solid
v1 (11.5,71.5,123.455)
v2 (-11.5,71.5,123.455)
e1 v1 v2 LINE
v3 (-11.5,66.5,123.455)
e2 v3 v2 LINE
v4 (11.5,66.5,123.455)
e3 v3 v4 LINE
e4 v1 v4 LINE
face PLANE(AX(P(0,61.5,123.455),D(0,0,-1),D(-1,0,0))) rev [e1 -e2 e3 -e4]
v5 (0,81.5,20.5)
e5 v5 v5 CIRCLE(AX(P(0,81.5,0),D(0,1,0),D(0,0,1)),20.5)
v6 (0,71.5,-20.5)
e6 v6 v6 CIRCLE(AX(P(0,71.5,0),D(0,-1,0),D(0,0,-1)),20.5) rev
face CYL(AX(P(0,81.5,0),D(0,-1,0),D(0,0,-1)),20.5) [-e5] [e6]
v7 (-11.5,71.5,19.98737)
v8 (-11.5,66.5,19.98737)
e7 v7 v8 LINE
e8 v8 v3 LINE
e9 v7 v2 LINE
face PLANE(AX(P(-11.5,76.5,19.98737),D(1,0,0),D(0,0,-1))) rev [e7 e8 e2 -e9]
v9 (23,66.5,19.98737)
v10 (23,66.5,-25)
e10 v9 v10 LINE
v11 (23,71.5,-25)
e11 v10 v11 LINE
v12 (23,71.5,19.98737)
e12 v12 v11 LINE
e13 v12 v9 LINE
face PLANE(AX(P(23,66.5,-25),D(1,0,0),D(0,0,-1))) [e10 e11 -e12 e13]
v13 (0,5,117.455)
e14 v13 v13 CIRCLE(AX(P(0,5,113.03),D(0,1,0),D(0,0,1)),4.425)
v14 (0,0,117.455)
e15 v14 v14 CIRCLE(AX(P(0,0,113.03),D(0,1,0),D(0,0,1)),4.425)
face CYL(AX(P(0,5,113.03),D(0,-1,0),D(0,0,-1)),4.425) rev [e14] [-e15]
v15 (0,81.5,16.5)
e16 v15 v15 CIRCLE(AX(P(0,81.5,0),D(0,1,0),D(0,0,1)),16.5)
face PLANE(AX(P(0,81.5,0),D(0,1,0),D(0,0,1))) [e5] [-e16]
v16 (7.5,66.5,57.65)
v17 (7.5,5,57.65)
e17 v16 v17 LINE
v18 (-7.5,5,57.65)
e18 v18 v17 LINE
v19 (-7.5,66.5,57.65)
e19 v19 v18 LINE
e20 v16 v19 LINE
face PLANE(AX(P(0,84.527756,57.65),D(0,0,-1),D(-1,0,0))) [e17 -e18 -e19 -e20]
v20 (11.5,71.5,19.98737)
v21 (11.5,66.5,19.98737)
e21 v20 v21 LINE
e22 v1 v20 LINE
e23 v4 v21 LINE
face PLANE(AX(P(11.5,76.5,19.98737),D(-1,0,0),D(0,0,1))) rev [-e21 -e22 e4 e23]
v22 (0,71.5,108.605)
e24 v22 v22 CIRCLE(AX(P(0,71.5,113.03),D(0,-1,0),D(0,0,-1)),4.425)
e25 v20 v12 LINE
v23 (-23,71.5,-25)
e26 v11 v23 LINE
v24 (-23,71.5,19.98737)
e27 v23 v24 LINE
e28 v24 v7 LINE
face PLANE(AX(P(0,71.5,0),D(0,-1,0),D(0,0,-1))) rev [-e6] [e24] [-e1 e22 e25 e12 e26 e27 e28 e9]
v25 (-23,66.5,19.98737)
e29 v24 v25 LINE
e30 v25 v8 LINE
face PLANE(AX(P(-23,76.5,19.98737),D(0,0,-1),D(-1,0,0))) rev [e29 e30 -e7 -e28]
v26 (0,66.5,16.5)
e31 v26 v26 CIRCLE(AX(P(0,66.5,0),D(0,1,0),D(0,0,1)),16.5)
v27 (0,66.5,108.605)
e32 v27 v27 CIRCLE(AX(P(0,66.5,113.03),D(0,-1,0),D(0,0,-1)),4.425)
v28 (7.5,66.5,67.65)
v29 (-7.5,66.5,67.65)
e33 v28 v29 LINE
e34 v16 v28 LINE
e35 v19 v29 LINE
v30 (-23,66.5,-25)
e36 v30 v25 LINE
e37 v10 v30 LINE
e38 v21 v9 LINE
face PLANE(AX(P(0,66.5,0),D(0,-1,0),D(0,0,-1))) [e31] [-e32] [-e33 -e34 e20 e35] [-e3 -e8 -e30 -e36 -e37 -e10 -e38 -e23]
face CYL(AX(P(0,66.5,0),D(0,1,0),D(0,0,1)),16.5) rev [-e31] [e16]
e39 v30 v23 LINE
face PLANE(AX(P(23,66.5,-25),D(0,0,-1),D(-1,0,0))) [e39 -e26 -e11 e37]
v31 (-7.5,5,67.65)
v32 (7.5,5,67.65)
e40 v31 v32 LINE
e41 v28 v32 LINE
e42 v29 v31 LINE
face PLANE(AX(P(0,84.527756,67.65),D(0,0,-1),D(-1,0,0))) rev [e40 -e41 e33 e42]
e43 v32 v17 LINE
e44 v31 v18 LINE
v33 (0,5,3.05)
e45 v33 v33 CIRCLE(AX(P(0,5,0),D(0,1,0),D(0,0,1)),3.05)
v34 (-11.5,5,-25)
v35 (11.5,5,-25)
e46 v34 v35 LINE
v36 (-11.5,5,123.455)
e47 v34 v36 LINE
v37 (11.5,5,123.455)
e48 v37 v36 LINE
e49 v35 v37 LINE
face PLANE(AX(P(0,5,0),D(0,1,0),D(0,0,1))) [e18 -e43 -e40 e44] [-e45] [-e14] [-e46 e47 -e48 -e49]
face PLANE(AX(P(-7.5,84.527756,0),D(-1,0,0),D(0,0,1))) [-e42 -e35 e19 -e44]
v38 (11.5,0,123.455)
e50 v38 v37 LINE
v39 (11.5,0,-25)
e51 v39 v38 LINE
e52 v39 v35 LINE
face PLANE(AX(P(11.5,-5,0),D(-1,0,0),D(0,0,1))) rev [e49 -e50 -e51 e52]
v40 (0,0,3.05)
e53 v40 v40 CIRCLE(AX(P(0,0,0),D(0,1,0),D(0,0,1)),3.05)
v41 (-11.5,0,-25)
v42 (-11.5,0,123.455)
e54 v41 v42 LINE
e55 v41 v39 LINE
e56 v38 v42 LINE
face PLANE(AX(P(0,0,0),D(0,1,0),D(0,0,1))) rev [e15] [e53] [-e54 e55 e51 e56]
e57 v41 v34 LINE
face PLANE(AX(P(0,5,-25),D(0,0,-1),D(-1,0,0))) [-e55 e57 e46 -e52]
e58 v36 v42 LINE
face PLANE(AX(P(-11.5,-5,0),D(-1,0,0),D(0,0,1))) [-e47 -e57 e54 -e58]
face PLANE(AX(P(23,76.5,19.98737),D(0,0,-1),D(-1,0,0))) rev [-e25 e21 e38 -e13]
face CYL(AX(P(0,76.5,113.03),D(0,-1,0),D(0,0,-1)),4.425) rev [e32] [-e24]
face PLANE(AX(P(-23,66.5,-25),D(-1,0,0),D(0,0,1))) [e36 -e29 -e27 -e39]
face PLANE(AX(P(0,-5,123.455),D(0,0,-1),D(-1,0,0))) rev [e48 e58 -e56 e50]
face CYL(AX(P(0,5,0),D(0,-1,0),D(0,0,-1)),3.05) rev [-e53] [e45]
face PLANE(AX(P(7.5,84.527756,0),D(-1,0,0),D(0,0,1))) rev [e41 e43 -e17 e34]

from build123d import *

# Parameters (mm, degrees)
SKETCH1_W           = 46
SKETCH1_H           = 160
SKETCH1_R           = 3.05
SKETCH1_R_2         = 4.425
BOSS_EXTRUDE2_DEPTH = 5
SKETCH4_W           = 46
SKETCH4_H           = 160
BOSS_EXTRUDE3_DEPTH = 5
SKETCH5_R           = 16.5
CUT_EXTRUDE2_DEPTH  = 5
SKETCH5_6_R         = 20.5
SKETCH5_6_R_2       = 16.5
BOSS_EXTRUDE5_DEPTH = 10
BOSS_EXTRUDE7_DEPTH = 61.5
SKETCH8_W           = 11.5
SKETCH8_H           = 67.35
SKETCH8_H_2         = 92.65
CUT_EXTRUDE3_DEPTH  = 10
SKETCH10_W          = 11.5
SKETCH10_H          = 115.012630191
CUT_EXTRUDE5_DEPTH  = 10
SKETCH11_R          = 4.425
CUT_EXTRUDE6_DEPTH  = 10
SKETCH12_W          = 11.5
SKETCH12_H          = 11.545
CUT_EXTRUDE7_DEPTH  = 10
SKETCH13_W          = 11.5
SKETCH13_H          = 11.545
CUT_EXTRUDE8_DEPTH  = 10


with BuildPart() as part:
    # Sketch1 → Boss-Extrude2 (new body)
    with BuildSketch(Plane(origin=(0, 0, 0), x_dir=(1, 0, 0), z_dir=(0, 1, 0))):
        with Locations((0, -55)):
            Rectangle(SKETCH1_W, SKETCH1_H)
        with Locations(Location((0, 0, 0), (0, 0, 270))):
            Circle(SKETCH1_R, mode=Mode.SUBTRACT)
        with Locations(Location((0, -113.03, 0), (0, 0, 270))):
            Circle(SKETCH1_R_2, mode=Mode.SUBTRACT)
    extrude(amount=BOSS_EXTRUDE2_DEPTH)



with BuildPart() as body_2:
    # Sketch4 → Boss-Extrude3 (new body)
    with BuildSketch(Plane(origin=(0, 71.5, 0), x_dir=(1, 0, 0), z_dir=(0, 1, 0))):
        with Locations((0, -55)):
            Rectangle(SKETCH4_W, SKETCH4_H)
    extrude(amount=-BOSS_EXTRUDE3_DEPTH)

    # Sketch5 → Cut-Extrude2 (cut)
    with BuildSketch(Plane(origin=(0, 71.5, 0), x_dir=(1, 0, 0), z_dir=(0, 1, 0))):
        with Locations(Location((0, 0, 0), (0, 0, 270))):
            Circle(SKETCH5_R)
    extrude(amount=-CUT_EXTRUDE2_DEPTH, mode=Mode.SUBTRACT)

    # Sketch5<6> → Boss-Extrude5 (add)
    with BuildSketch(Plane(origin=(0, 71.5, 0), x_dir=(1, 0, 0), z_dir=(0, 1, 0))):
        with Locations(Location((0, 0, 0), (0, 0, 90))):
            Circle(SKETCH5_6_R)
        with Locations(Location((0, 0, 0), (0, 0, 270))):
            Circle(SKETCH5_6_R_2, mode=Mode.SUBTRACT)
    extrude(amount=BOSS_EXTRUDE5_DEPTH)


with BuildPart() as part_1:
    add(part.part)

    add(body_2.part)  # Boss-Extrude7 merges body 2
    # Sketch7 → Boss-Extrude7 (add)
    with BuildSketch(Plane(origin=(0, 5, 0), x_dir=(1, 0, 0), z_dir=(0, 1, 0))):
        with BuildLine():
            Line((7.5, -57.65), (-7.5, -57.65))
            Line((-7.5, -57.65), (-7.5, -62.65))
            Line((-7.5, -62.65), (-3, -62.65))
            ThreePointArc((-3, -62.65), (0, -59.65), (3, -62.65))
            Line((3, -62.65), (7.5, -62.65))
            Line((7.5, -62.65), (7.5, -57.65))
        make_face()
        with BuildLine():
            Line((-3, -62.65), (-7.5, -62.65))
            Line((-7.5, -62.65), (-7.5, -67.65))
            Line((-7.5, -67.65), (7.5, -67.65))
            Line((7.5, -67.65), (7.5, -62.65))
            Line((7.5, -62.65), (3, -62.65))
            ThreePointArc((3, -62.65), (0, -65.65), (-3, -62.65))
        make_face()
        with BuildLine():
            ThreePointArc((3, -62.65), (0, -59.65), (-3, -62.65))
            Line((-3, -62.65), (3, -62.65))
        make_face()
        with BuildLine():
            Line((3, -62.65), (-3, -62.65))
            ThreePointArc((-3, -62.65), (0, -65.65), (3, -62.65))
        make_face()
    extrude(amount=BOSS_EXTRUDE7_DEPTH)

    # Sketch8 → Cut-Extrude3 (cut)
    with BuildSketch(Plane(origin=(0, 5, 0), x_dir=(1, 0, 0), z_dir=(0, 1, 0))):
        with Locations((-17.25, -101.325)):
            Rectangle(SKETCH8_W, SKETCH8_H)
        with Locations((-17.25, -21.325)):
            Rectangle(SKETCH8_W, SKETCH8_H_2)
        with Locations((17.25, -101.325)):
            Rectangle(SKETCH8_W, SKETCH8_H)
        with Locations((17.25, -21.325)):
            Rectangle(SKETCH8_W, SKETCH8_H_2)
    extrude(amount=-CUT_EXTRUDE3_DEPTH, mode=Mode.SUBTRACT)

    # Sketch10 → Cut-Extrude5 (cut)
    with BuildSketch(Plane.XZ.offset(-66.5)):
        with Locations((-17.25, 77.493684905)):
            Rectangle(SKETCH10_W, SKETCH10_H)
        with Locations((17.25, 77.493684905)):
            Rectangle(SKETCH10_W, SKETCH10_H)
    extrude(amount=-CUT_EXTRUDE5_DEPTH, mode=Mode.SUBTRACT)

    # Sketch11 → Cut-Extrude6 (cut)
    with BuildSketch(Plane.XZ.offset(-66.5)):
        with Locations(Location((0, 113.03, 0), (0, 0, 90))):
            Circle(SKETCH11_R)
    extrude(amount=-CUT_EXTRUDE6_DEPTH, mode=Mode.SUBTRACT)

    # Sketch12 → Cut-Extrude7 (cut)
    with BuildSketch(Plane(origin=(0, 5, 0), x_dir=(1, 0, 0), z_dir=(0, 1, 0))):
        with Locations((-5.75, -129.2275)):
            Rectangle(SKETCH12_W, SKETCH12_H)
        with Locations((5.75, -129.2275)):
            Rectangle(SKETCH12_W, SKETCH12_H)
    extrude(amount=-CUT_EXTRUDE7_DEPTH, mode=Mode.SUBTRACT)

    # Sketch13 → Cut-Extrude8 (cut)
    with BuildSketch(Plane(origin=(0, 71.5, 0), x_dir=(1, 0, 0), z_dir=(0, 1, 0))):
        with Locations((-5.75, -129.2275)):
            Rectangle(SKETCH13_W, SKETCH13_H)
        with Locations((5.75, -129.2275)):
            Rectangle(SKETCH13_W, SKETCH13_H)
    extrude(amount=-CUT_EXTRUDE8_DEPTH, mode=Mode.SUBTRACT)


solid = part_1.part
